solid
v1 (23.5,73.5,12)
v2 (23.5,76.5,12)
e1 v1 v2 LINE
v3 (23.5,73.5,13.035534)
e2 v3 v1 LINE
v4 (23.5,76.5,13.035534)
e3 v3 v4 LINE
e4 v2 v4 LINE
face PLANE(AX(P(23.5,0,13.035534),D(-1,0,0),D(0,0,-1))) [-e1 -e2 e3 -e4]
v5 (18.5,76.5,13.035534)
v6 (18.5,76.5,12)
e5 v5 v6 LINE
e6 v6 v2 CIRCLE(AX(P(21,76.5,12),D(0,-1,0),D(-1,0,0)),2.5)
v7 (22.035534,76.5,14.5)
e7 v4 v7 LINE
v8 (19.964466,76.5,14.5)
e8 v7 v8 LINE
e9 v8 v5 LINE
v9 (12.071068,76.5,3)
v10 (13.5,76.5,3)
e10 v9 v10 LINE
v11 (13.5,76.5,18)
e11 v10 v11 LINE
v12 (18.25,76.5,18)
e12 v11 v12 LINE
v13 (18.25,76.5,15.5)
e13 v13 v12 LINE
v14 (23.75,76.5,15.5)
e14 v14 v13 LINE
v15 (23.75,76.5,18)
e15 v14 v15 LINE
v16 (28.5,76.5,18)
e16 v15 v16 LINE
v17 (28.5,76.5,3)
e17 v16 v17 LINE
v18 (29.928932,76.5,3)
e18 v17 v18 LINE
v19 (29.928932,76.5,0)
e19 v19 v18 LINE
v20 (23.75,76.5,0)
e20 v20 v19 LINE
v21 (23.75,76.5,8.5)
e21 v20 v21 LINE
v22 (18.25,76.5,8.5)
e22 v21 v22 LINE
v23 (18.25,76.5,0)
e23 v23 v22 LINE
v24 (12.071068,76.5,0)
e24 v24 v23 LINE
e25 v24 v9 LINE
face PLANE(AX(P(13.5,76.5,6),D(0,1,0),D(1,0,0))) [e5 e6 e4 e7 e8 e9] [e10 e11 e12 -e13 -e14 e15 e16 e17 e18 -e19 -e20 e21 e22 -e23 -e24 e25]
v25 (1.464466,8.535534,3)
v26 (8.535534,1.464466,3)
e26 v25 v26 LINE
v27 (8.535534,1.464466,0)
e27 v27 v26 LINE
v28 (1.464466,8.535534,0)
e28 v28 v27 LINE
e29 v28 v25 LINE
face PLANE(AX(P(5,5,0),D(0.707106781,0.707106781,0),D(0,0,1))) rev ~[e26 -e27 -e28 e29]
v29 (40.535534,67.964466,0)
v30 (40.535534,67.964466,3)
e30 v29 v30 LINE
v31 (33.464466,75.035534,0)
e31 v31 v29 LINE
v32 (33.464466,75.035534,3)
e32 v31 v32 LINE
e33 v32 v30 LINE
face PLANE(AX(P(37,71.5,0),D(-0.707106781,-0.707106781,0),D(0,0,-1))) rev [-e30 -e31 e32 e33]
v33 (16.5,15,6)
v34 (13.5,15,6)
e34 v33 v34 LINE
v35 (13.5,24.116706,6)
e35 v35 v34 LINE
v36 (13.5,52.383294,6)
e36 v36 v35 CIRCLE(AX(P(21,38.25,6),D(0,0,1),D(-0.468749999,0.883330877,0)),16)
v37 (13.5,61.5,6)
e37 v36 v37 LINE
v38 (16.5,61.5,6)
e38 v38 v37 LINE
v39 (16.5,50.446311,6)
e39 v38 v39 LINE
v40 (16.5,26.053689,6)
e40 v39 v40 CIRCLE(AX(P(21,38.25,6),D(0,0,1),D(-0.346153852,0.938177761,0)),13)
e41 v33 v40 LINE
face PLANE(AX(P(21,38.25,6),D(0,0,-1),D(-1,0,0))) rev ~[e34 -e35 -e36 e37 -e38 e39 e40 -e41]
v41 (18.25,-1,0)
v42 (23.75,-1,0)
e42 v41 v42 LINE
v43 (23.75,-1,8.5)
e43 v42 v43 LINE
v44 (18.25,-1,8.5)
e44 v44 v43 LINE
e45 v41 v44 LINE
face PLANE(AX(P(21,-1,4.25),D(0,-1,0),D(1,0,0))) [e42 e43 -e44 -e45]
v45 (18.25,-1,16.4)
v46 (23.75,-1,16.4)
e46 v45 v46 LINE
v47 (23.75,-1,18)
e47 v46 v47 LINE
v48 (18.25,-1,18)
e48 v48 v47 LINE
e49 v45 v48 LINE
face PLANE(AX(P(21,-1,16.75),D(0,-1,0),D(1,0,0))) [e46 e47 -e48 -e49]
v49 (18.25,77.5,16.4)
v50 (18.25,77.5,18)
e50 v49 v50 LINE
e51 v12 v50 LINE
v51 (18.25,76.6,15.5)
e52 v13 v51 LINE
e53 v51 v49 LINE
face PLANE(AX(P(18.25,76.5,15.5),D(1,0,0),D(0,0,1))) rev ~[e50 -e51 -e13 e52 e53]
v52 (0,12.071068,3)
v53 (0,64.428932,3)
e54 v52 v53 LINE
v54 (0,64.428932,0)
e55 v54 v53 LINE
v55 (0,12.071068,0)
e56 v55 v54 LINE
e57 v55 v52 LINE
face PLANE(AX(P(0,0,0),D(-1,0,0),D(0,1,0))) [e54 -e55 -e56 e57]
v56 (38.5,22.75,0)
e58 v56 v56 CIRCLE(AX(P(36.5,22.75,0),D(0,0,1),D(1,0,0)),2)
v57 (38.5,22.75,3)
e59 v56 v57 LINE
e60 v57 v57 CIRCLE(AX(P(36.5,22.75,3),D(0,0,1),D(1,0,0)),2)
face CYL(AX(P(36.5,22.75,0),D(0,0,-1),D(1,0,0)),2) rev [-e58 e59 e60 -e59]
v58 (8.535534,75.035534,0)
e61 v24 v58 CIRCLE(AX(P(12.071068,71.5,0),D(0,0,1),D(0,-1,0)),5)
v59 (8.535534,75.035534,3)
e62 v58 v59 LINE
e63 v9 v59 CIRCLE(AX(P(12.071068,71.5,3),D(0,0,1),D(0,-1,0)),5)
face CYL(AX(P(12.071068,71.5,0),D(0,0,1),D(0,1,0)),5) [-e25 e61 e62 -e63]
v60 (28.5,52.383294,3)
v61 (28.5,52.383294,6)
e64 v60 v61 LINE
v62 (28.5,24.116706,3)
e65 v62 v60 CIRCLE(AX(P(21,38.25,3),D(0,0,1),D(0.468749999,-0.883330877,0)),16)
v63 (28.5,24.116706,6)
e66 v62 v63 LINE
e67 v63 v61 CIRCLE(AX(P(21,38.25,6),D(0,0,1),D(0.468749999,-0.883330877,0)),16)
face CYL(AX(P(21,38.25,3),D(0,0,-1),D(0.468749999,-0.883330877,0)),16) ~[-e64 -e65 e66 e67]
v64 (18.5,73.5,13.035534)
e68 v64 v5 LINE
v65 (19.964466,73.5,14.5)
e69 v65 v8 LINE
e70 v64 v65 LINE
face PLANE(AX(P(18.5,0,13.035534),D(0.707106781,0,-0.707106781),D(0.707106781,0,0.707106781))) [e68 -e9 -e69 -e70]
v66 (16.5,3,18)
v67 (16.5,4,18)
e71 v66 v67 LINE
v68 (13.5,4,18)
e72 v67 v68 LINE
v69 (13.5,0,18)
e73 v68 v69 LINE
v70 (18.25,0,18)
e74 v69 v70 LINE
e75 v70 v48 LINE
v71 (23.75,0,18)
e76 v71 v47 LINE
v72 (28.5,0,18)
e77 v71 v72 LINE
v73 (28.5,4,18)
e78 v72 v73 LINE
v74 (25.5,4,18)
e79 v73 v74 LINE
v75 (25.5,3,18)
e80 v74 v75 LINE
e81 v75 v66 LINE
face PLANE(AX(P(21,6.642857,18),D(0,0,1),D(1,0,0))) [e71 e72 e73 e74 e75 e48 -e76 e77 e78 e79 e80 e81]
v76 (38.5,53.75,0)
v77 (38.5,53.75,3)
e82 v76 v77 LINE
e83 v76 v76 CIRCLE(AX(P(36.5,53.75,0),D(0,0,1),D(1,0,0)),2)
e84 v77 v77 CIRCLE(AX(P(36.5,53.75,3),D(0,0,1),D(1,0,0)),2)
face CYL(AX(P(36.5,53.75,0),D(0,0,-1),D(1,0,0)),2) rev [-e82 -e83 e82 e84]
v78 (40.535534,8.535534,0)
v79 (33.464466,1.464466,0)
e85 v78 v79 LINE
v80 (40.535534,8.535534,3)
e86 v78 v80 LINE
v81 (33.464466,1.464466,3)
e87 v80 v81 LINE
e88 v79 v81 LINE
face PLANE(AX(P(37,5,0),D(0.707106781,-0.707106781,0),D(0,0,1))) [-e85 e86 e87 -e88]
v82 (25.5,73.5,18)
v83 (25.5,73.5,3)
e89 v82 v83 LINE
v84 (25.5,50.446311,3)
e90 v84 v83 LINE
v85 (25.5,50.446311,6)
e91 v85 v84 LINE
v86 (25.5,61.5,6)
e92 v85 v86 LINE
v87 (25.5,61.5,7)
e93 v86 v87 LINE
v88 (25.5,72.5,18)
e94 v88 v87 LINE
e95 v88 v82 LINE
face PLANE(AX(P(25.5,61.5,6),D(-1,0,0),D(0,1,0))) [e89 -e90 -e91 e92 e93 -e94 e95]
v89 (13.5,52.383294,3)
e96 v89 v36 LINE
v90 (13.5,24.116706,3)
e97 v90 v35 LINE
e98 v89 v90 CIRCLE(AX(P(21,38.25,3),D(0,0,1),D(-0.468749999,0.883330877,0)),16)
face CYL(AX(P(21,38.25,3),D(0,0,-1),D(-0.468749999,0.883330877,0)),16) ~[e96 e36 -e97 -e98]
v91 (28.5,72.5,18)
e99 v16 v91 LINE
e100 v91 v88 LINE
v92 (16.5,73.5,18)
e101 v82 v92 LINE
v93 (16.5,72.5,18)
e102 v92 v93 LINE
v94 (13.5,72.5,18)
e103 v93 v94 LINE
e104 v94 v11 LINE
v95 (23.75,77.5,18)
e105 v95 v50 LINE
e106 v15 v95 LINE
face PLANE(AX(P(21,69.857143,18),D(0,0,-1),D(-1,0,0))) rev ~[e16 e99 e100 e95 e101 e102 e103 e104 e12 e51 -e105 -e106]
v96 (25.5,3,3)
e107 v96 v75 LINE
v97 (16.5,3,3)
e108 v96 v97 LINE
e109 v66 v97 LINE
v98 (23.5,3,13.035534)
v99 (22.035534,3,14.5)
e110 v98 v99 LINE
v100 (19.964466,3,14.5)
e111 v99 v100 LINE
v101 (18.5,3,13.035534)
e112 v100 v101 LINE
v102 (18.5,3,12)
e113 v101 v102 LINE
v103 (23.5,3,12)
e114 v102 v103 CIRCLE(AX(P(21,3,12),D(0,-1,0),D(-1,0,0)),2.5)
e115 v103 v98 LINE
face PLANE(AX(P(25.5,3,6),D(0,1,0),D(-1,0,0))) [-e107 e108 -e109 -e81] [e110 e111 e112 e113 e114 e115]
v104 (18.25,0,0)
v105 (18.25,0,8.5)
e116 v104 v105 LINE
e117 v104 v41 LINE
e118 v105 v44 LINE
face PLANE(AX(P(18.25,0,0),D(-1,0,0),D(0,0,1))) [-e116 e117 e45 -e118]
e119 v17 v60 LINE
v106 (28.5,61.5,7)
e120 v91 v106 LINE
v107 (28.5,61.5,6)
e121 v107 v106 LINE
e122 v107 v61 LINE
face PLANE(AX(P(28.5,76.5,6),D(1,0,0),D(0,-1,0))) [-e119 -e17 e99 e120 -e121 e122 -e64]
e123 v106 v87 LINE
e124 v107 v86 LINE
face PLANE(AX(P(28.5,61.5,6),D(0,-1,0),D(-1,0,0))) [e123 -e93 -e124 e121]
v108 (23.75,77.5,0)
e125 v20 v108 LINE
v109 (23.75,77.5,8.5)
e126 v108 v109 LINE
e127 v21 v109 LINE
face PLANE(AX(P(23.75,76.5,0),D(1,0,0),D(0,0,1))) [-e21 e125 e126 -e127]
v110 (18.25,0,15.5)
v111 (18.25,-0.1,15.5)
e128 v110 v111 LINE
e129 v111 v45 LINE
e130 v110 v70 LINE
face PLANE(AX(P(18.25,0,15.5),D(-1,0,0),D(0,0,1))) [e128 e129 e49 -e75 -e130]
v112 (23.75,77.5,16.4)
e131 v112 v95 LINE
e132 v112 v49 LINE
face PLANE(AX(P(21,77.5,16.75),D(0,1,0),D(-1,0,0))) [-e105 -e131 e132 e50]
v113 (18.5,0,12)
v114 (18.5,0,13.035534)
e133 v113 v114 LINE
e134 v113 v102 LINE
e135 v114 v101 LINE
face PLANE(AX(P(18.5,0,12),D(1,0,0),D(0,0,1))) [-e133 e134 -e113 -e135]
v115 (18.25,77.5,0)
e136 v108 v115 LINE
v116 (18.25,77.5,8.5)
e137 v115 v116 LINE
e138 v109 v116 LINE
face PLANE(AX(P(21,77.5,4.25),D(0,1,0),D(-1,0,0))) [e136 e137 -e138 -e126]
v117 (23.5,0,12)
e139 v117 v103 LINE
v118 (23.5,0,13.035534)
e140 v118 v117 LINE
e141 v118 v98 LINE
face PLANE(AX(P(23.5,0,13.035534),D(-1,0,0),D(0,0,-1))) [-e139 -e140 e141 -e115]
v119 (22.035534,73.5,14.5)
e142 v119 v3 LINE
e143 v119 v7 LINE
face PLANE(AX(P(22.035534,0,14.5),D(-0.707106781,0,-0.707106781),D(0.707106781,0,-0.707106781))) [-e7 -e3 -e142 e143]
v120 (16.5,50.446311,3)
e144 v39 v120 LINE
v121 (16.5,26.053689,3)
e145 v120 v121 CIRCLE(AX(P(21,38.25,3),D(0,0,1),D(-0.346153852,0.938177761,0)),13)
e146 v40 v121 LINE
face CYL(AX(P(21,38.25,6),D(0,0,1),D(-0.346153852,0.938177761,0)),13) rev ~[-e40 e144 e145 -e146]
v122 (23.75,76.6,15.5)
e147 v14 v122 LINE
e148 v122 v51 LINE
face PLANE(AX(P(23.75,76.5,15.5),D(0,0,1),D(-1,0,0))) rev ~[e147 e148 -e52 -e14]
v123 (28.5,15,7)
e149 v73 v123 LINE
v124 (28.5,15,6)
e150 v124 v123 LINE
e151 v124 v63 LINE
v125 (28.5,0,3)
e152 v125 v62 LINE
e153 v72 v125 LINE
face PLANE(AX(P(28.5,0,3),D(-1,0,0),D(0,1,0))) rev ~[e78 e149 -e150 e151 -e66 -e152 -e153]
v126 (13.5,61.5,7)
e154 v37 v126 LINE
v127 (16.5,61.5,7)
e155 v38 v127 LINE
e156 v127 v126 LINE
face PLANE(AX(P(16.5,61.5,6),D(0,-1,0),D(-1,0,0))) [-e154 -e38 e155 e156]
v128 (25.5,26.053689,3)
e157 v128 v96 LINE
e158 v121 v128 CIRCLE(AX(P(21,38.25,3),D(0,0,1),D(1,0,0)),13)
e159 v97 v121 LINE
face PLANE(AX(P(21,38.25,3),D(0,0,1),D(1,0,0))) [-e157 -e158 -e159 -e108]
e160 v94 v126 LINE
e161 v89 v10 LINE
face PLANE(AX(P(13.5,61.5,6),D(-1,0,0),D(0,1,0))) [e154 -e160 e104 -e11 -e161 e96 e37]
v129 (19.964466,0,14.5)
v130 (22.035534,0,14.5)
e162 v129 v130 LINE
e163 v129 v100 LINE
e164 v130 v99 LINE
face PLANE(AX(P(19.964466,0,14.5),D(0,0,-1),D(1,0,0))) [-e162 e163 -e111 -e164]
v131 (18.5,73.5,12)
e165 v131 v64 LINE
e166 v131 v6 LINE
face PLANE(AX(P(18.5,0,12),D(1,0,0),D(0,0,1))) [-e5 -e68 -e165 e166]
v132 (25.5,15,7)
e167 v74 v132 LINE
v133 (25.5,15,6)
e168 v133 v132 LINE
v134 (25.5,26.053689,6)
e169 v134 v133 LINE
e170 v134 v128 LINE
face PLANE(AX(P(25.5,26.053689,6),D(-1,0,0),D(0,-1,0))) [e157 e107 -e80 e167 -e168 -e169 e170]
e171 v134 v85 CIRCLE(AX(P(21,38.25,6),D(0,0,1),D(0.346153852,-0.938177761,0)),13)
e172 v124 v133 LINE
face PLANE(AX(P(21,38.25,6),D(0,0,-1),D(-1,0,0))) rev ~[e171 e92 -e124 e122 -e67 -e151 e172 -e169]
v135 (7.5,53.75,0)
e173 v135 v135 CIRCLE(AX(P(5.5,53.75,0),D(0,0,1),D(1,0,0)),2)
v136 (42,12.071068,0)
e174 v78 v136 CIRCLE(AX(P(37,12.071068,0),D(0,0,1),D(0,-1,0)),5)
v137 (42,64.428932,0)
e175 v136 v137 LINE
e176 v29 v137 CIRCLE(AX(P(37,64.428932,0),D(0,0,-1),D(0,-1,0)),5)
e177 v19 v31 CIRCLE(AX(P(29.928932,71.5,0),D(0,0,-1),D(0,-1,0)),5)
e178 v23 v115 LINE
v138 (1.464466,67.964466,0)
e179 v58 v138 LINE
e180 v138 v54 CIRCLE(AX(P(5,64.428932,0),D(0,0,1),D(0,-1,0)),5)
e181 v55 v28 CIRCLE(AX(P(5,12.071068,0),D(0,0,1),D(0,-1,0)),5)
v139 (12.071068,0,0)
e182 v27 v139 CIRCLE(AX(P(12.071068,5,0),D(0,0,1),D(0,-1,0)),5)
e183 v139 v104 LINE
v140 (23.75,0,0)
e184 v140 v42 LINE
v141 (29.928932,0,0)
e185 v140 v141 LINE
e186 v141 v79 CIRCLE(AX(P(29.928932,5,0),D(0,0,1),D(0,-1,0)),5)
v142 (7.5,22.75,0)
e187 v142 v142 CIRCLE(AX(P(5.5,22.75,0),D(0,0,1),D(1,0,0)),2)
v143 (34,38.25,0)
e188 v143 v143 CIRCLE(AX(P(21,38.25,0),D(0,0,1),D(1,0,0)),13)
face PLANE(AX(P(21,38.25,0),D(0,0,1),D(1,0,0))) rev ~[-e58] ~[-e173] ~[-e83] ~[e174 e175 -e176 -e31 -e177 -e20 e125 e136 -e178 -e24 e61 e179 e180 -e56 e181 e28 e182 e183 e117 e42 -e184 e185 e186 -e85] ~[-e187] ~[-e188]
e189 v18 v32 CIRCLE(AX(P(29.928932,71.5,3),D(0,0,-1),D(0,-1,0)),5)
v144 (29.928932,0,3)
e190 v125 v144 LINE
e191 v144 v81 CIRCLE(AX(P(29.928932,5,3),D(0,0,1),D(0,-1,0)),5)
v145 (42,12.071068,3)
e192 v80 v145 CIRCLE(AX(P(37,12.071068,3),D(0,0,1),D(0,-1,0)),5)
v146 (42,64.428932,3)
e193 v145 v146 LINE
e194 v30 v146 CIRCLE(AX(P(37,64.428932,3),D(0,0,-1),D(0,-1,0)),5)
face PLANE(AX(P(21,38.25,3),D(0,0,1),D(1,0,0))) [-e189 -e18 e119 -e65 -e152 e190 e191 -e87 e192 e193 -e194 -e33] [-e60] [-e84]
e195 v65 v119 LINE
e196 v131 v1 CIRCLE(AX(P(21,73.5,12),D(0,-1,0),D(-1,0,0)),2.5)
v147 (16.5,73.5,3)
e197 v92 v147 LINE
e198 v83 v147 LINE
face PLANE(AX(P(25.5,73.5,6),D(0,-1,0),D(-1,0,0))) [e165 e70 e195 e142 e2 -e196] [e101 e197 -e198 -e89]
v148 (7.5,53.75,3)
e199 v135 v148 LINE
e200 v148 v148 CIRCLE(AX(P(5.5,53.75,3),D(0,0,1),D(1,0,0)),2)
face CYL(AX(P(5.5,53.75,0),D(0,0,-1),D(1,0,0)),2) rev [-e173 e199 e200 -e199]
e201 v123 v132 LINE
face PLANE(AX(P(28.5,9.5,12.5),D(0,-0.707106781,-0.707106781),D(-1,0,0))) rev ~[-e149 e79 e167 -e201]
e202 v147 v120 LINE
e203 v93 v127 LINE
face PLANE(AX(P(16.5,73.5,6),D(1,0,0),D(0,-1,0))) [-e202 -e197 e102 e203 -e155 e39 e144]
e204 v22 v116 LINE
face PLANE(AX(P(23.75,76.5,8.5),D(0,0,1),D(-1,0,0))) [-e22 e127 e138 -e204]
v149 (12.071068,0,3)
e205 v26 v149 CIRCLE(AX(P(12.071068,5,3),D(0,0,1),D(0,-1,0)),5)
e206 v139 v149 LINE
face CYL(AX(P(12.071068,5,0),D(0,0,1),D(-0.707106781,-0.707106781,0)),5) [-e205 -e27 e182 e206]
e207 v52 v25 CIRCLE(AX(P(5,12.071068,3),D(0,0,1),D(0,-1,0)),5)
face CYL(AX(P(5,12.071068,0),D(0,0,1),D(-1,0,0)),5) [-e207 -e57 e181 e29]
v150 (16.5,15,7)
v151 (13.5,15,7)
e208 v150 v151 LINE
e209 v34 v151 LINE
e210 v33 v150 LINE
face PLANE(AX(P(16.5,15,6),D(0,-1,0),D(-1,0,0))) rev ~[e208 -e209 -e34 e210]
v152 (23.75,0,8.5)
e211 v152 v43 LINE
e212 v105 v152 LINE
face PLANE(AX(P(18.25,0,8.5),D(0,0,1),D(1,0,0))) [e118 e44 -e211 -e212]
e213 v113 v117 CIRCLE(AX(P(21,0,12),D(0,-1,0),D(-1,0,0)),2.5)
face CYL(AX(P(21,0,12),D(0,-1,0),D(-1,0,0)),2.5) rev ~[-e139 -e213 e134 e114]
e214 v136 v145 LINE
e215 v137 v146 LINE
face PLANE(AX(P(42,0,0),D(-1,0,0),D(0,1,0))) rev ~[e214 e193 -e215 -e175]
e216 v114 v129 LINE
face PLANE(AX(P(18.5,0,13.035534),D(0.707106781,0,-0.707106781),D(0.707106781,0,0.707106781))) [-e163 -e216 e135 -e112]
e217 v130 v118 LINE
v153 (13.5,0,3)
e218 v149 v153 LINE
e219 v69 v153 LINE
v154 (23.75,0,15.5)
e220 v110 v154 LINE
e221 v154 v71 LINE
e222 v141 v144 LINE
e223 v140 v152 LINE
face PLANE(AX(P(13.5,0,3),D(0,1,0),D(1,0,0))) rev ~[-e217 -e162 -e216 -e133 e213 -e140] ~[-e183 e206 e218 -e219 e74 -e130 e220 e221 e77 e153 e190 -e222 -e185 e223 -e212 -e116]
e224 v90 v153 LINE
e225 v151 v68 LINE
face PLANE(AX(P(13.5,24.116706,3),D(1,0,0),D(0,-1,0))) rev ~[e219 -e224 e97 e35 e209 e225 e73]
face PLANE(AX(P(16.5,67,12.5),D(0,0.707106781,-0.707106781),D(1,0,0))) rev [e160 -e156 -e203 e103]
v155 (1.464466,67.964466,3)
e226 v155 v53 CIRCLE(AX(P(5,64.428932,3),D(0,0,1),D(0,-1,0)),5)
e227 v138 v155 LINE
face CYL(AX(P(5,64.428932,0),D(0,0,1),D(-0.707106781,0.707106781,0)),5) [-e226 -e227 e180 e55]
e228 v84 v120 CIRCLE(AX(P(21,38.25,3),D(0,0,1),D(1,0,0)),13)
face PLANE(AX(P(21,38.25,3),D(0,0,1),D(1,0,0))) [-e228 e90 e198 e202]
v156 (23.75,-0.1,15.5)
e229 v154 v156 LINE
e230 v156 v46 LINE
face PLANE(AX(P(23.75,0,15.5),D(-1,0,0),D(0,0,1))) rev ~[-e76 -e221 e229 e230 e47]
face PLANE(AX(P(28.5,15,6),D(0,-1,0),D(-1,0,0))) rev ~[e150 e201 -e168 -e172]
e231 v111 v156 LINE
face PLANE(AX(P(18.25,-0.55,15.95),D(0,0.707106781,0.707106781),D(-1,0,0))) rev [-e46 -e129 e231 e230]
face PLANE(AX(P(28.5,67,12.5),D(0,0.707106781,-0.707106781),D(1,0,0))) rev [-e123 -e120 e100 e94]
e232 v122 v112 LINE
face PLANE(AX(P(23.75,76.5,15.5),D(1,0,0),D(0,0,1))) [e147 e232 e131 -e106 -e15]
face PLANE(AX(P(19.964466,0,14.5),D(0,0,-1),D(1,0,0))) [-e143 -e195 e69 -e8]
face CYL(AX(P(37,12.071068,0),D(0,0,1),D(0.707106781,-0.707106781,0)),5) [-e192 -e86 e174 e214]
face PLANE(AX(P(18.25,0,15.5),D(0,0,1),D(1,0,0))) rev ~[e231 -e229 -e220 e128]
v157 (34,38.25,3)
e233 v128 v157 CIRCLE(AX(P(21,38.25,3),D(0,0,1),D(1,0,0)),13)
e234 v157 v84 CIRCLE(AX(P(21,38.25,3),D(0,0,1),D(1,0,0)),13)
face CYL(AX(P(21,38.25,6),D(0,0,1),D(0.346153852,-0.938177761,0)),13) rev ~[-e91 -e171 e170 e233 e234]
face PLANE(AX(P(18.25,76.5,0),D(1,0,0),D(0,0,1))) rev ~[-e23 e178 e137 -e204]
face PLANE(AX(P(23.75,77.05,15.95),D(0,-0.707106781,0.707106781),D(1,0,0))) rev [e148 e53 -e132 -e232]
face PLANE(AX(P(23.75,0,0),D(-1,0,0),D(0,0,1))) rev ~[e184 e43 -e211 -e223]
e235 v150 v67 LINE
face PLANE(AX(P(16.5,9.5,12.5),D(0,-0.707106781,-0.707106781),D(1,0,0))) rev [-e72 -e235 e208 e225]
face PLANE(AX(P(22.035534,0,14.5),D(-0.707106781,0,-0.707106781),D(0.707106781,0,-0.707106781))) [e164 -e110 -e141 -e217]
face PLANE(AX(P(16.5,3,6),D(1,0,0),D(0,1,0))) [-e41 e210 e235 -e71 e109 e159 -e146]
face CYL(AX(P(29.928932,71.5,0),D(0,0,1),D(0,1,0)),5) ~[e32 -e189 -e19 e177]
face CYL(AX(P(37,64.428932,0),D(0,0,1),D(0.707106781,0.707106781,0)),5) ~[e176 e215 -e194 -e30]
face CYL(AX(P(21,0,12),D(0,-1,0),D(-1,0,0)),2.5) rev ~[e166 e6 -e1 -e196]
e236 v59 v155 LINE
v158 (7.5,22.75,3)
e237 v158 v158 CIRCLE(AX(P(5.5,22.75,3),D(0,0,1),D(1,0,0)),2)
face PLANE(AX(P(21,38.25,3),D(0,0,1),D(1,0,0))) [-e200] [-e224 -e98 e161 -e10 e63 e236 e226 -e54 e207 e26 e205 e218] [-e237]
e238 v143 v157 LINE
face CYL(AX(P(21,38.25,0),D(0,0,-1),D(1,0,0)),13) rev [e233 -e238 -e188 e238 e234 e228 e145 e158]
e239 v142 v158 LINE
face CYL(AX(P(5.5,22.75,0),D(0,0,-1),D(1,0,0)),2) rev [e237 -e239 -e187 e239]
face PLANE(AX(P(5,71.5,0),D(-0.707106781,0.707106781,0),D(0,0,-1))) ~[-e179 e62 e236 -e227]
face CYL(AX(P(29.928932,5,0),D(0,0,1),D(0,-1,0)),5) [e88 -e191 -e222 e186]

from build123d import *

# Parameters (mm, degrees)
SKETCH_W        = 42
SKETCH_H        = 76.5
SKETCH_R        = 13
SKETCH_R_2      = 2
PAD_DEPTH       = 3
PAD001_DEPTH    = 3
POCKET_DEPTH    = 3
PAD002_DEPTH    = 12
SKETCH004_W     = 5.5
SKETCH004_H     = 2.5
SKETCH004_H_2   = 8.5
PAD003_DEPTH    = 1
SKETCH005_W     = 5.5
SKETCH005_H     = 2.5
SKETCH005_H_2   = 8.5
PAD004_DEPTH    = 1
POCKET001_DEPTH = 77.501
CHAMFER_SIZE    = 11
CHAMFER001_SIZE = 10
FILLET_R        = 5
CHAMFER002_SIZE = 0.9


with BuildPart() as part:
    # Sketch → Pad (new body)
    with BuildSketch(Plane.XY):
        with Locations((21, 38.25)):
            Rectangle(SKETCH_W, SKETCH_H)
        with Locations((21, 38.25)):
            Circle(SKETCH_R, mode=Mode.SUBTRACT)
        with Locations((5.5, 22.75)):
            Circle(SKETCH_R_2, mode=Mode.SUBTRACT)
        with Locations((5.5, 53.75)):
            Circle(SKETCH_R_2, mode=Mode.SUBTRACT)
        with Locations((36.5, 53.75)):
            Circle(SKETCH_R_2, mode=Mode.SUBTRACT)
        with Locations((36.5, 22.75)):
            Circle(SKETCH_R_2, mode=Mode.SUBTRACT)
    extrude(amount=PAD_DEPTH)

    # Sketch001 → Pad001 (new body)
    with BuildSketch(Plane.XY.offset(3)):
        with BuildLine():
            Line((13.5, 76.5), (28.5, 76.5))
            Line((28.5, 76.5), (28.5, 52.383294))
            ThreePointArc((28.5, 24.116706), (37, 38.25), (28.5, 52.383294))
            Line((28.5, 0), (28.5, 24.116706))
            Line((13.5, 0), (28.5, 0))
            Line((13.5, 24.116706), (13.5, 0))
            ThreePointArc((13.5, 52.383294), (5, 38.25), (13.5, 24.116706))
            Line((13.5, 52.383294), (13.5, 76.5))
        make_face()
    extrude(amount=PAD001_DEPTH)

    # Sketch003 → Pocket (cut)
    with BuildSketch(Plane.XY.offset(6)):
        with BuildLine():
            Line((25.5, 50.446311), (25.5, 73.5))
            Line((25.5, 73.5), (16.5, 73.5))
            Line((16.5, 73.5), (16.5, 50.446311))
            ThreePointArc((16.5, 50.446311), (8, 38.25), (16.5, 26.053689))
            Line((16.5, 3), (16.5, 26.053689))
            Line((25.5, 3), (16.5, 3))
            Line((25.5, 26.053689), (25.5, 3))
            ThreePointArc((25.5, 26.053689), (34, 38.25), (25.5, 50.446311))
        make_face()
    extrude(amount=-POCKET_DEPTH, mode=Mode.SUBTRACT)

    # Sketch007 → Pad002 (new body)
    with BuildSketch(Plane.XY.offset(6)):
        Polygon((13.5, 76.5), (28.5, 76.5), (28.5, 61.5), (25.5, 61.5), (25.5, 73.5), (16.5, 73.5), (16.5, 61.5), (13.5, 61.5), align=None)
        Polygon((28.5, 0), (28.5, 15), (25.5, 15), (25.5, 3), (16.5, 3), (16.5, 15), (13.5, 15), (13.5, 0), align=None)
    extrude(amount=PAD002_DEPTH)

    # Sketch004 → Pad003 (new body)
    with BuildSketch(Plane.XZ):
        with Locations((21, 16.75)):
            Rectangle(SKETCH004_W, SKETCH004_H)
        with Locations((21, 4.25)):
            Rectangle(SKETCH004_W, SKETCH004_H_2)
    extrude(amount=PAD003_DEPTH)

    # Sketch005 → Pad004 (new body)
    with BuildSketch(Plane(origin=(0, 76.5, 0), x_dir=(-1, 0, 0), z_dir=(0, 1, 0))):
        with Locations((-21, 16.75)):
            Rectangle(SKETCH005_W, SKETCH005_H)
        with Locations((-21, 4.25)):
            Rectangle(SKETCH005_W, SKETCH005_H_2)
    extrude(amount=PAD004_DEPTH)

    # Sketch006 → Pocket001 (cut, through all)
    with BuildSketch(Plane.XZ):
        with BuildLine():
            ThreePointArc((18.5, 12), (21, 9.5), (23.5, 12))
            Line((23.5, 13.035534), (23.5, 12))
            Line((22.035534, 14.5), (23.5, 13.035534))
            Line((19.964466, 14.5), (22.035534, 14.5))
            Line((18.5, 13.035534), (19.964466, 14.5))
            Line((18.5, 12), (18.5, 13.035534))
        make_face()
    extrude(amount=-POCKET001_DEPTH, mode=Mode.SUBTRACT)

    # Chamfer
    chamfer_edges = [part.edges().sort_by_distance(p)[0] for p in [
        (15, 61.5, 18),
        (27, 61.5, 18),
        (27, 15, 18),
        (15, 15, 18),
    ]]
    chamfer(chamfer_edges, length=CHAMFER_SIZE)

    # Chamfer001
    chamfer001_edges = [part.edges().sort_by_distance(p)[0] for p in [
        (0, 0, 1.5),
        (42, 0, 1.5),
        (0, 76.5, 1.5),
        (42, 76.5, 1.5),
    ]]
    chamfer(chamfer001_edges, length=CHAMFER001_SIZE)

    # Fillet
    fillet_edges = [part.edges().sort_by_distance(p)[0] for p in [
        (10, 76.5, 1.5),
        (0, 66.5, 1.5),
        (0, 10, 1.5),
        (10, 0, 1.5),
        (32, 0, 1.5),
        (42, 10, 1.5),
        (32, 76.5, 1.5),
        (42, 66.5, 1.5),
    ]]
    fillet(fillet_edges, radius=FILLET_R)

    # Chamfer002
    chamfer002_edges = [part.edges().sort_by_distance(p)[0] for p in [
        (21, 77.5, 15.5),
        (21, -1, 15.5),
    ]]
    chamfer(chamfer002_edges, length=CHAMFER002_SIZE)


solid = part.part
